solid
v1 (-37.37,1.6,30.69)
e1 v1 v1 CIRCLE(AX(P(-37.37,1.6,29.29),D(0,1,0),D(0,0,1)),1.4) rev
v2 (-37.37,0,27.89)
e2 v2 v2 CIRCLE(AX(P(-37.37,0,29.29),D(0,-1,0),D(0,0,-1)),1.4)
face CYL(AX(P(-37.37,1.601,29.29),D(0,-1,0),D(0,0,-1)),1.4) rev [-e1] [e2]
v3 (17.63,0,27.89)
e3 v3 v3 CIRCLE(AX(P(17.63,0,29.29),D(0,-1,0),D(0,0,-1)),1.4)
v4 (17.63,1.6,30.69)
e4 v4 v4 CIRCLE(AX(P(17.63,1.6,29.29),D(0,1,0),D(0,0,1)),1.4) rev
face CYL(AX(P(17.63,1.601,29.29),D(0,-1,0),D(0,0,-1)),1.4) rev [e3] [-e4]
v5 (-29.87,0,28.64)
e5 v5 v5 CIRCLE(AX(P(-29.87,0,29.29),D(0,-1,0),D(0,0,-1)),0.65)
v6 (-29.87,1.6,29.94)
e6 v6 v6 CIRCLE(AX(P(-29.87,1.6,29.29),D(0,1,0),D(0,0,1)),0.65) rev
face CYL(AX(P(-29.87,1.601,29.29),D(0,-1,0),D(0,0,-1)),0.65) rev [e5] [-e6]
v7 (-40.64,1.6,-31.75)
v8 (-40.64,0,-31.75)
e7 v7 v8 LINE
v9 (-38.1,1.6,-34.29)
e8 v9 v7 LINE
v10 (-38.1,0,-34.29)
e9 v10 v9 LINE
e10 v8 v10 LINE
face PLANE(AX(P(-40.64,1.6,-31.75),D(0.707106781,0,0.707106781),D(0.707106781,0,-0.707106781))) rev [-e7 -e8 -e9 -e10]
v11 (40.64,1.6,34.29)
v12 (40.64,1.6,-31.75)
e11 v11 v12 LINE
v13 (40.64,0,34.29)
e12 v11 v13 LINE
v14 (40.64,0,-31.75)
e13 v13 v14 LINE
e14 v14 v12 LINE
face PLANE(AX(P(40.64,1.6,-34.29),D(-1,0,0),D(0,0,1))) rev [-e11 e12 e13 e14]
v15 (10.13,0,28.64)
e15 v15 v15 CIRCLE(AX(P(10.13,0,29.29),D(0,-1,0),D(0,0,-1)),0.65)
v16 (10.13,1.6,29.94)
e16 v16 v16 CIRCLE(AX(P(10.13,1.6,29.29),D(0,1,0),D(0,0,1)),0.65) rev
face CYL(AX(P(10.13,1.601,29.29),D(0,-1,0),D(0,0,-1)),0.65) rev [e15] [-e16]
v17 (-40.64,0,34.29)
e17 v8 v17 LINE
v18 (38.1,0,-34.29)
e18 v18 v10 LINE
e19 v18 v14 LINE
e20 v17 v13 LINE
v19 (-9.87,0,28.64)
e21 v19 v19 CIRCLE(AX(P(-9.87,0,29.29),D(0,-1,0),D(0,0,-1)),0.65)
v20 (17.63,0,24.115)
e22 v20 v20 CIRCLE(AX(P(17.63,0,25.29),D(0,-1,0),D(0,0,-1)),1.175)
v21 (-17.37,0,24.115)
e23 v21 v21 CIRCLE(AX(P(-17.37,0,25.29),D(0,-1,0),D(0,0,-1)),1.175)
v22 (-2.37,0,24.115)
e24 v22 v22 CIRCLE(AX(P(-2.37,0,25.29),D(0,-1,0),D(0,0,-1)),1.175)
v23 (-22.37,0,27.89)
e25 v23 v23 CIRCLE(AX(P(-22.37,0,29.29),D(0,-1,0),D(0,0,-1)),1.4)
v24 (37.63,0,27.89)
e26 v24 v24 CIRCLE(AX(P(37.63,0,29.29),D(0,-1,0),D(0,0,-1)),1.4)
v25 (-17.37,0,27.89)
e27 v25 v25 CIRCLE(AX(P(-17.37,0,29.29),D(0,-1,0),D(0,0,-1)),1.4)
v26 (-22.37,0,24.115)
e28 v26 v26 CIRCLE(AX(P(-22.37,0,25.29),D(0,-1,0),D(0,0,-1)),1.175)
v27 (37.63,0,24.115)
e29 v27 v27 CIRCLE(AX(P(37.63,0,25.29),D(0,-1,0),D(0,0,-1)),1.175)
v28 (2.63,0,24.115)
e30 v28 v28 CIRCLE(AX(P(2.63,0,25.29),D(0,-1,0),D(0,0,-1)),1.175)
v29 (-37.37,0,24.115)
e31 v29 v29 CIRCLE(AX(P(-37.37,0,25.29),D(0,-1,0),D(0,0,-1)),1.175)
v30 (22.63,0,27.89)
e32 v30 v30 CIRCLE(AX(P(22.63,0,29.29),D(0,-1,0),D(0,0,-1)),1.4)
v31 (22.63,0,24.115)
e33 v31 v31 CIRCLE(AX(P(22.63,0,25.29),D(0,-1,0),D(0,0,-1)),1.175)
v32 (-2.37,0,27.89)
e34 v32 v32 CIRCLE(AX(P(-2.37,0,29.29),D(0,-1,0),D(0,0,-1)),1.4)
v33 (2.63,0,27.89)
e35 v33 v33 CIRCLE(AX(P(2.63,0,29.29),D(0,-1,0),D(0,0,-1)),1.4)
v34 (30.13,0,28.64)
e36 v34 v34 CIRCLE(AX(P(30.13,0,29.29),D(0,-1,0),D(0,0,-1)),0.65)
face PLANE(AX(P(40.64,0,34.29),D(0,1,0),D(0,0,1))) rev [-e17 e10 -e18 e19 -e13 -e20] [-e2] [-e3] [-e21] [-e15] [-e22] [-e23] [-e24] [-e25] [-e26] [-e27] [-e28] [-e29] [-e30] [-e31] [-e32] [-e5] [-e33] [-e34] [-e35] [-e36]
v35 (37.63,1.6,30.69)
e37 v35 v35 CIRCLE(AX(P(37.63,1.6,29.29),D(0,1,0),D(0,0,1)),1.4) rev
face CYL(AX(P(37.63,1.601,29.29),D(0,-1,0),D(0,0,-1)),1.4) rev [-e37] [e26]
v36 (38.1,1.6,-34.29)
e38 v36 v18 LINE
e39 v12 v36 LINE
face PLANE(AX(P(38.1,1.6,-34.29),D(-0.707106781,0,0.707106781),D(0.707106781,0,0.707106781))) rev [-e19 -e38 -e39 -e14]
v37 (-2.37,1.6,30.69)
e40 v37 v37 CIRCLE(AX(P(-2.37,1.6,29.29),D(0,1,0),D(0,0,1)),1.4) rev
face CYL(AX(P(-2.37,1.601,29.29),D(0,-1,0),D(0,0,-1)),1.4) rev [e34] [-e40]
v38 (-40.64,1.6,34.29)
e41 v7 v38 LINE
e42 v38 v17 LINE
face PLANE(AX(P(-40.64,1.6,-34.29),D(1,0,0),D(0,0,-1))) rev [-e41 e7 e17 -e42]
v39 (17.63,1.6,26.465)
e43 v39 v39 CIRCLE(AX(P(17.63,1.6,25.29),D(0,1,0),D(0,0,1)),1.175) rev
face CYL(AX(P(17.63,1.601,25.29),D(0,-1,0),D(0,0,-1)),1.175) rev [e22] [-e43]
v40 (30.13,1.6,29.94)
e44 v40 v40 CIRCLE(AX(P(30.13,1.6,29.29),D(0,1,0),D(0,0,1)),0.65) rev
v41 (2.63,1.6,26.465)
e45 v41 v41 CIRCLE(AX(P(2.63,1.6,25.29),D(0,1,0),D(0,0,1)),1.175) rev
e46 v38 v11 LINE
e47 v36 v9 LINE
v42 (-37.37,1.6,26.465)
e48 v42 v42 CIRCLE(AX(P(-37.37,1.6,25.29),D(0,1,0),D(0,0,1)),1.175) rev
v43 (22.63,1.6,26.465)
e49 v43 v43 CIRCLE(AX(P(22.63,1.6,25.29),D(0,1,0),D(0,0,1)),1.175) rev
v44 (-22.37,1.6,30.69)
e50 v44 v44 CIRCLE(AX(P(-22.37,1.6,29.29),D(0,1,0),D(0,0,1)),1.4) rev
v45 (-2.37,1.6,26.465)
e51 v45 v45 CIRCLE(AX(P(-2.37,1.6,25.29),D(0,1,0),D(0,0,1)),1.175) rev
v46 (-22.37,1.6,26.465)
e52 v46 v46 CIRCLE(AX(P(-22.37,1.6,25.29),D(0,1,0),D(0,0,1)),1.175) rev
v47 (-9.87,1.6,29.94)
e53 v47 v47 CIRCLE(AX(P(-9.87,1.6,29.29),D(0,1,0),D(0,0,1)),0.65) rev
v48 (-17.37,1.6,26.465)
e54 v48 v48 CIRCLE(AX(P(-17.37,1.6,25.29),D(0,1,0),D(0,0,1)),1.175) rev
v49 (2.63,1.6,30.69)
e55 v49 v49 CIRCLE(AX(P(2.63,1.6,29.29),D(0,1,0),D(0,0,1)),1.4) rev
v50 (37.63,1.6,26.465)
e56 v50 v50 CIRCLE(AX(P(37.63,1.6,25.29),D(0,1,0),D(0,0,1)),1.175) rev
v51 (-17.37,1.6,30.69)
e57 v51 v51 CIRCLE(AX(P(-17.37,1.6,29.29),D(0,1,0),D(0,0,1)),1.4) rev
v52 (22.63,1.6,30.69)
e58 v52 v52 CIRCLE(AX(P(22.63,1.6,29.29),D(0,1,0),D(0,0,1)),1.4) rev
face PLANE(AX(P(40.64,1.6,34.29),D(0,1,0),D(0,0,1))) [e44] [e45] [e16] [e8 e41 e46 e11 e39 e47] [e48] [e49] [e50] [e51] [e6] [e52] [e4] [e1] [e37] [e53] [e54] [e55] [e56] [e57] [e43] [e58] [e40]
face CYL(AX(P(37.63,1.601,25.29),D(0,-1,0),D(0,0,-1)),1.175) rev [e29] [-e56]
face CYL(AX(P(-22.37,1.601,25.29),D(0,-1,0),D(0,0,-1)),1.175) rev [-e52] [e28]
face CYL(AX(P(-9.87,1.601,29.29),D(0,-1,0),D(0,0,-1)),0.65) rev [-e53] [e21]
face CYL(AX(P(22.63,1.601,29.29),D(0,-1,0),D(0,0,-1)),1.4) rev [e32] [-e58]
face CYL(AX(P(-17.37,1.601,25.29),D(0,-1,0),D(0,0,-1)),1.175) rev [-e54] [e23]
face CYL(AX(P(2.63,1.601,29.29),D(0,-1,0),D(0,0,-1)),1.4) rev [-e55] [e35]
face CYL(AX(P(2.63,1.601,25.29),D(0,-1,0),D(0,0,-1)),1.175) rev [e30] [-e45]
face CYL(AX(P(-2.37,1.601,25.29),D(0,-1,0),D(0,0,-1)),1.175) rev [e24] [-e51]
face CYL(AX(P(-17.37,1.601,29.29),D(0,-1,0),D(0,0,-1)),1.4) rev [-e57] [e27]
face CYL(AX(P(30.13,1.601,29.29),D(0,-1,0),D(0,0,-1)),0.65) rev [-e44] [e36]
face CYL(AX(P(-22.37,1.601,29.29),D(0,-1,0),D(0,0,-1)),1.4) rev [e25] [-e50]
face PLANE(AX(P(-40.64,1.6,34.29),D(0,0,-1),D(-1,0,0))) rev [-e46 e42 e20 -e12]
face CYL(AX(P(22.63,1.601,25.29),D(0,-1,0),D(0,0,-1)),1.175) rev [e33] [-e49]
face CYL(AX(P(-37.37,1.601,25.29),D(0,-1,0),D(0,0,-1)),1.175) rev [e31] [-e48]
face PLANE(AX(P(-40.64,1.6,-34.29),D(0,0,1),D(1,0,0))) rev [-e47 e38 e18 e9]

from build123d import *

# Parameters (mm, degrees)
SKETCH1_W           = 81.28
SKETCH1_H           = 68.58
BOSS_EXTRUDE1_DEPTH = 1.6
CHAMFER1_SIZE       = 2.54
CUT_EXTRUDE1_REACH  = 55.197
SKETCH2_R           = 0.65
SKETCH2_R_2         = 1.4
SKETCH2_R_3         = 1.175
LPATTERN1_COUNT     = 4
LPATTERN1_PITCH     = 20


with BuildPart() as part:
    # Sketch1 → Boss-Extrude1 (new body)
    with BuildSketch(Plane(origin=(0, 0, 0), x_dir=(1, 0, 0), z_dir=(0, 1, 0))):
        Rectangle(SKETCH1_W, SKETCH1_H)
    extrude(amount=BOSS_EXTRUDE1_DEPTH)

    # Chamfer1
    chamfer1_edges = [part.edges().sort_by_distance(p)[0] for p in [
        (-40.64, 0.8, -34.29),
        (40.64, 0.8, -34.29),
    ]]
    chamfer(chamfer1_edges, length=CHAMFER1_SIZE)

    # Sketch2 → Cut-Extrude1 (cut, up to next)
    with BuildSketch(Plane.XZ, mode=Mode.PRIVATE) as cut_extrude1_sk1:
        with Locations(Location((-29.87, 29.29, 0), (0, 0, 270))):
            Circle(SKETCH2_R)
    cut_extrude1_tool1 = extrude(cut_extrude1_sk1.sketch, amount=-CUT_EXTRUDE1_REACH, mode=Mode.PRIVATE) & part.part
    # Sketch2 → Cut-Extrude1 (cut, up to next)
    with BuildSketch(Plane.XZ, mode=Mode.PRIVATE) as cut_extrude1_sk2:
        with Locations(Location((-37.37, 29.29, 0), (0, 0, 270))):
            Circle(SKETCH2_R_2)
    cut_extrude1_tool2 = extrude(cut_extrude1_sk2.sketch, amount=-CUT_EXTRUDE1_REACH, mode=Mode.PRIVATE) & part.part
    # Sketch2 → Cut-Extrude1 (cut, up to next)
    with BuildSketch(Plane.XZ, mode=Mode.PRIVATE) as cut_extrude1_sk3:
        with Locations(Location((-22.37, 29.29, 0), (0, 0, 270))):
            Circle(SKETCH2_R_2)
    cut_extrude1_tool3 = extrude(cut_extrude1_sk3.sketch, amount=-CUT_EXTRUDE1_REACH, mode=Mode.PRIVATE) & part.part
    # Sketch2 → Cut-Extrude1 (cut, up to next)
    with BuildSketch(Plane.XZ, mode=Mode.PRIVATE) as cut_extrude1_sk4:
        with Locations(Location((-37.37, 25.29, 0), (0, 0, 270))):
            Circle(SKETCH2_R_3)
    cut_extrude1_tool4 = extrude(cut_extrude1_sk4.sketch, amount=-CUT_EXTRUDE1_REACH, mode=Mode.PRIVATE) & part.part
    # Sketch2 → Cut-Extrude1 (cut, up to next)
    with BuildSketch(Plane.XZ, mode=Mode.PRIVATE) as cut_extrude1_sk5:
        with Locations(Location((-22.37, 25.29, 0), (0, 0, 270))):
            Circle(SKETCH2_R_3)
    cut_extrude1_tool5 = extrude(cut_extrude1_sk5.sketch, amount=-CUT_EXTRUDE1_REACH, mode=Mode.PRIVATE) & part.part
    cut_extrude1_1 = cut_extrude1_tool1.solids().sort_by_distance((-29.87, 0, 29.29))[0]
    add(cut_extrude1_1, mode=Mode.SUBTRACT)
    cut_extrude1_2 = cut_extrude1_tool2.solids().sort_by_distance((-37.37, 0, 29.29))[0]
    add(cut_extrude1_2, mode=Mode.SUBTRACT)
    cut_extrude1_3 = cut_extrude1_tool3.solids().sort_by_distance((-22.37, 0, 29.29))[0]
    add(cut_extrude1_3, mode=Mode.SUBTRACT)
    cut_extrude1_4 = cut_extrude1_tool4.solids().sort_by_distance((-37.37, 0, 25.29))[0]
    add(cut_extrude1_4, mode=Mode.SUBTRACT)
    cut_extrude1_5 = cut_extrude1_tool5.solids().sort_by_distance((-22.37, 0, 25.29))[0]
    add(cut_extrude1_5, mode=Mode.SUBTRACT)
    cut_extrude1 = cut_extrude1_1 + cut_extrude1_2 + cut_extrude1_3 + cut_extrude1_4 + cut_extrude1_5  # Cut-Extrude1 as one shape, for the pattern or mirror that repeats it

    # LPattern1: Cut-Extrude1 ×4
    with Locations(*[(i * LPATTERN1_PITCH, 0, 0) for i in range(1, LPATTERN1_COUNT)]):
        add(cut_extrude1, mode=Mode.SUBTRACT)


solid = part.part
